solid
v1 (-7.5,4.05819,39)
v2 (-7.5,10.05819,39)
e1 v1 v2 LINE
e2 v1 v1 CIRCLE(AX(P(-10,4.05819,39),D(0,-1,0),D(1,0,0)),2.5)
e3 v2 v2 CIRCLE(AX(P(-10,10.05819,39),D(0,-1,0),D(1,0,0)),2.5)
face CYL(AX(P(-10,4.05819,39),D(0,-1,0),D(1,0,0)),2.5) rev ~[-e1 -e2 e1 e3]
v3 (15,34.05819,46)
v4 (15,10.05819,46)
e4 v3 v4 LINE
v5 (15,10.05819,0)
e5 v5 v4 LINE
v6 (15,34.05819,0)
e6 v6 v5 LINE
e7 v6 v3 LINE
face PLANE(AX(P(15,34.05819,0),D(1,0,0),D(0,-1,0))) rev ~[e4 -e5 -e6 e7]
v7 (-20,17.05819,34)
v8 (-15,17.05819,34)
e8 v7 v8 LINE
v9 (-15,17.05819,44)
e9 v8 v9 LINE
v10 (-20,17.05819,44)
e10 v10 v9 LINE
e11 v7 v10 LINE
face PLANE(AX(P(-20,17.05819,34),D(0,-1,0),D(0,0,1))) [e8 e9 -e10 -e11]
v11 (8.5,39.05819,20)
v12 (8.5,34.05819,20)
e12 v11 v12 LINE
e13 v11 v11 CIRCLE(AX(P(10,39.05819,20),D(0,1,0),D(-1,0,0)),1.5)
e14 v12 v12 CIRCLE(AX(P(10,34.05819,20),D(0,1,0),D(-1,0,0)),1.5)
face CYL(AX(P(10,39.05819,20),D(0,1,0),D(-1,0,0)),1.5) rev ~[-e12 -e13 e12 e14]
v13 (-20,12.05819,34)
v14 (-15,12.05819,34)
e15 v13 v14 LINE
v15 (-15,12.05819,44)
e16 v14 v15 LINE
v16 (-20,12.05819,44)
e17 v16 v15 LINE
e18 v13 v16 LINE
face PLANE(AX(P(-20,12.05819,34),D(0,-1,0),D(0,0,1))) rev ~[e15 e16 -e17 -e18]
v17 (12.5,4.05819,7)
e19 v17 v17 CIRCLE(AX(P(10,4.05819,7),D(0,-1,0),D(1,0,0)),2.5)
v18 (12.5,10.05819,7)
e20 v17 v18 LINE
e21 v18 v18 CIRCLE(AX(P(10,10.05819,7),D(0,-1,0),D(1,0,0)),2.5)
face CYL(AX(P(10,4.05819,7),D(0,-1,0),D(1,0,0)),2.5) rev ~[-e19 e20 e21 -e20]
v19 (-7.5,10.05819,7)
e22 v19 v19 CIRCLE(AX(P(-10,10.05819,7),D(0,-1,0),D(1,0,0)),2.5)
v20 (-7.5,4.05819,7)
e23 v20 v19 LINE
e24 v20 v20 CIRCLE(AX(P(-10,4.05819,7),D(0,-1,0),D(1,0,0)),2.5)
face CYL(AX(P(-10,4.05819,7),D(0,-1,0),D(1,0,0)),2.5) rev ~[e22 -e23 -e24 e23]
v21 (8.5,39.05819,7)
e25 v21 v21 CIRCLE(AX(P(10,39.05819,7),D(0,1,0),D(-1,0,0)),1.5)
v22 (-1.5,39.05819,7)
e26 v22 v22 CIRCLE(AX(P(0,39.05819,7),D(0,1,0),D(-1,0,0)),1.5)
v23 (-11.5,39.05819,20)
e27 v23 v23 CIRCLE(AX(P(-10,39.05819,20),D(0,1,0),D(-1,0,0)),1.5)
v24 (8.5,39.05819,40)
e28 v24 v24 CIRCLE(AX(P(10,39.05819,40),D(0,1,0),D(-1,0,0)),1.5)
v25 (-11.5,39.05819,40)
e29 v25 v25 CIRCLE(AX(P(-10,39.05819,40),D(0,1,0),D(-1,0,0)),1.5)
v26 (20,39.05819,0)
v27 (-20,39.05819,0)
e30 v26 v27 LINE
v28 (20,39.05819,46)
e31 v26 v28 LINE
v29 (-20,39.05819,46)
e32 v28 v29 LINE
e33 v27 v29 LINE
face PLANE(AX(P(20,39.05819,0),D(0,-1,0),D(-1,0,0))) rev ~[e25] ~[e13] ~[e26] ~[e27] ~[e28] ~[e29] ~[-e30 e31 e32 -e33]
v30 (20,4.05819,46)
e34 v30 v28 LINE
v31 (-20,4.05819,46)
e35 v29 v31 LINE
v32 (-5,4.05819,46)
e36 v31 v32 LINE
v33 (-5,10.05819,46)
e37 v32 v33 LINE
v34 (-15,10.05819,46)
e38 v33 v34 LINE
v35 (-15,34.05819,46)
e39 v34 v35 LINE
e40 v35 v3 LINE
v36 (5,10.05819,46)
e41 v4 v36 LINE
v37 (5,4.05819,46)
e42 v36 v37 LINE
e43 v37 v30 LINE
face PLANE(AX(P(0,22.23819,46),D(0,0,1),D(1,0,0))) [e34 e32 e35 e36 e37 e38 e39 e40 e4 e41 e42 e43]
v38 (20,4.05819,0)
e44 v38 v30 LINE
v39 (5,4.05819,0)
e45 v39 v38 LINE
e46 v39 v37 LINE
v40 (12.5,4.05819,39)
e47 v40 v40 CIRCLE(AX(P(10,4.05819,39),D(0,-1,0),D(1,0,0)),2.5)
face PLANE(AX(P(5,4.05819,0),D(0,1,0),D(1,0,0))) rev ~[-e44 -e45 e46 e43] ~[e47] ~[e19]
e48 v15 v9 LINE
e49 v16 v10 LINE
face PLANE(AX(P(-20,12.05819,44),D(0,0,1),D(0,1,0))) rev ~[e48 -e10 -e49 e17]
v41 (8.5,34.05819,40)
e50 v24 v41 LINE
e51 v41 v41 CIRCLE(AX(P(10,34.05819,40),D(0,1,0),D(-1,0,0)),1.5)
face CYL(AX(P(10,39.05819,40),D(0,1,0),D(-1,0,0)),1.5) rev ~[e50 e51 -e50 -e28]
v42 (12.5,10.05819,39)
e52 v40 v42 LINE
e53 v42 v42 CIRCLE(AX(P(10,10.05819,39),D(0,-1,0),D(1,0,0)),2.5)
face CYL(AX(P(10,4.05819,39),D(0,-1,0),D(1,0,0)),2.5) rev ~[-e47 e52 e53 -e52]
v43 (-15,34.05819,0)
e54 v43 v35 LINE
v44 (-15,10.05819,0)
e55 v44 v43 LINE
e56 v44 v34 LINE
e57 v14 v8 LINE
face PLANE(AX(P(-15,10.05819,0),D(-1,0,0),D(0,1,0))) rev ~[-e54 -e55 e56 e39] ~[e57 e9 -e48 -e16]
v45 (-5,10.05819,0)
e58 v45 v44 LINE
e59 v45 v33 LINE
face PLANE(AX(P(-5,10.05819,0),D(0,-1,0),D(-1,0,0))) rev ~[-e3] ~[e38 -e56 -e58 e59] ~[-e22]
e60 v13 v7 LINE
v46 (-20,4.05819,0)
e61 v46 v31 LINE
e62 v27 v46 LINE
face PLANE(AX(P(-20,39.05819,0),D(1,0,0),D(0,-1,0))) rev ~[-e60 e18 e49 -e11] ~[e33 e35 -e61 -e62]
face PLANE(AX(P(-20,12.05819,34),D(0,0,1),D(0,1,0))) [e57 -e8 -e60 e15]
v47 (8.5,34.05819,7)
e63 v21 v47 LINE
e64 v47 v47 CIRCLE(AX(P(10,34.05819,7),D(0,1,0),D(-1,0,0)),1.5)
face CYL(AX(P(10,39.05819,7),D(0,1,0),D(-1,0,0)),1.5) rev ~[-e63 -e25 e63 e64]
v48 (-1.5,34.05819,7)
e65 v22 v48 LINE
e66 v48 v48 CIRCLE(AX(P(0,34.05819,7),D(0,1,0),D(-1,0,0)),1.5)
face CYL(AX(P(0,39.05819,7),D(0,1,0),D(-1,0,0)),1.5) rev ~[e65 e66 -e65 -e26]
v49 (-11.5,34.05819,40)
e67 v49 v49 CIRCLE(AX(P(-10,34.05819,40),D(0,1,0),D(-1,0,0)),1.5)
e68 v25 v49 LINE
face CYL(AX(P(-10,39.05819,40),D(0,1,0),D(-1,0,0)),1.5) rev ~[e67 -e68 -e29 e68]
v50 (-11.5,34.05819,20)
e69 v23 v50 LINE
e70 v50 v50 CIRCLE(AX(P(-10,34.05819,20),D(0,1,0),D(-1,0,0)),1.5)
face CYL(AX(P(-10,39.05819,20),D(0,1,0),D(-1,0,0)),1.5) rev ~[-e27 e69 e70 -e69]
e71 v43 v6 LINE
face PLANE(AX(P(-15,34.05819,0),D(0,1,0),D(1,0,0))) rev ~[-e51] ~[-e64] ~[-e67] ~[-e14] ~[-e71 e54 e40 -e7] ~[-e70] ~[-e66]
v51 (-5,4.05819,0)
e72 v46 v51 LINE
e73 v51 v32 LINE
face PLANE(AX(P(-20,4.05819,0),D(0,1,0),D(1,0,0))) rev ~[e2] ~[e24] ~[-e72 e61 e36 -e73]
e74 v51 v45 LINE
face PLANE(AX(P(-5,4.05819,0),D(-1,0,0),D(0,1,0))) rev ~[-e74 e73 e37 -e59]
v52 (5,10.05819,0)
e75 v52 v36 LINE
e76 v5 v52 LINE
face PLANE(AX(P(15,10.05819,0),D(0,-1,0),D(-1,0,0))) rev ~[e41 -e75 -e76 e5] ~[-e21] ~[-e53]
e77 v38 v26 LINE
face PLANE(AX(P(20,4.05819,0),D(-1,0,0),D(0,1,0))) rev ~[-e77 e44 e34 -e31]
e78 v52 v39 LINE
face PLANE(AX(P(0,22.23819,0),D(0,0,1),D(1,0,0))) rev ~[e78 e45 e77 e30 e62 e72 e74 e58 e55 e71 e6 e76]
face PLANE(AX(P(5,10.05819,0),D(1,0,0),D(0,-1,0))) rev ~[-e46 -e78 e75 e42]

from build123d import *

# Parameters (mm, degrees)
BOSS_EXTRUDE1_DEPTH = 46
SKETCH2_R           = 2.5
CUT_EXTRUDE1_DEPTH  = 6
SKETCH3_R           = 1.5
CUT_EXTRUDE2_DEPTH  = 5
SKETCH4_R           = 1.5
CUT_EXTRUDE3_DEPTH  = 5
SKETCH5_W           = 10
SKETCH5_H           = 5
CUT_EXTRUDE4_DEPTH  = 5


with BuildPart() as part:
    # Sketch1 → Boss-Extrude1 (new body)
    with BuildSketch(Plane.XY):
        Polygon((20, 39.058190014), (-20, 39.058190014), (-20, 4.058190014), (-5, 4.058190014), (-5, 10.058190014), (-15, 10.058190014), (-15, 34.058190014), (15, 34.058190014), (15, 10.058190014), (5, 10.058190014), (5, 4.058190014), (20, 4.058190014), align=None)
    extrude(amount=BOSS_EXTRUDE1_DEPTH)

    # Sketch2 → Cut-Extrude1 (cut)
    with BuildSketch(Plane(origin=(0, 4.058190014, 0), x_dir=(-1, 0, 0), z_dir=(0, -1, 0))):
        with Locations(Location((10, -39, 0), (0, 0, 180))):
            Circle(SKETCH2_R)
        with Locations(Location((-10, -39, 0), (0, 0, 180))):
            Circle(SKETCH2_R)
        with Locations(Location((-10, -7, 0), (0, 0, 180))):
            Circle(SKETCH2_R)
        with Locations(Location((10, -7, 0), (0, 0, 180))):
            Circle(SKETCH2_R)
    extrude(amount=-CUT_EXTRUDE1_DEPTH, mode=Mode.SUBTRACT)

    # Sketch3 → Cut-Extrude2 (cut)
    with BuildSketch(Plane(origin=(0, 39.058190014, 0), x_dir=(1, 0, 0), z_dir=(0, 1, 0))):
        with Locations(Location((-10, -20, 0), (0, 0, 180))):
            Circle(SKETCH3_R)
        with Locations(Location((10, -20, 0), (0, 0, 180))):
            Circle(SKETCH3_R)
        with Locations(Location((-10, -40, 0), (0, 0, 180))):
            Circle(SKETCH3_R)
        with Locations(Location((10, -40, 0), (0, 0, 180))):
            Circle(SKETCH3_R)
    extrude(amount=-CUT_EXTRUDE2_DEPTH, mode=Mode.SUBTRACT)

    # Sketch4 → Cut-Extrude3 (cut)
    with BuildSketch(Plane(origin=(0, 39.058190014, 0), x_dir=(1, 0, 0), z_dir=(0, 1, 0))):
        with Locations(Location((10, -7, 0), (0, 0, 180))):
            Circle(SKETCH4_R)
        with Locations(Location((0, -7, 0), (0, 0, 180))):
            Circle(SKETCH4_R)
    extrude(amount=-CUT_EXTRUDE3_DEPTH, mode=Mode.SUBTRACT)

    # Sketch5 → Cut-Extrude4 (cut)
    with BuildSketch(Plane.ZY.offset(20)):
        with Locations((39, 14.558190014)):
            Rectangle(SKETCH5_W, SKETCH5_H)
    extrude(amount=-CUT_EXTRUDE4_DEPTH, mode=Mode.SUBTRACT)


solid = part.part
